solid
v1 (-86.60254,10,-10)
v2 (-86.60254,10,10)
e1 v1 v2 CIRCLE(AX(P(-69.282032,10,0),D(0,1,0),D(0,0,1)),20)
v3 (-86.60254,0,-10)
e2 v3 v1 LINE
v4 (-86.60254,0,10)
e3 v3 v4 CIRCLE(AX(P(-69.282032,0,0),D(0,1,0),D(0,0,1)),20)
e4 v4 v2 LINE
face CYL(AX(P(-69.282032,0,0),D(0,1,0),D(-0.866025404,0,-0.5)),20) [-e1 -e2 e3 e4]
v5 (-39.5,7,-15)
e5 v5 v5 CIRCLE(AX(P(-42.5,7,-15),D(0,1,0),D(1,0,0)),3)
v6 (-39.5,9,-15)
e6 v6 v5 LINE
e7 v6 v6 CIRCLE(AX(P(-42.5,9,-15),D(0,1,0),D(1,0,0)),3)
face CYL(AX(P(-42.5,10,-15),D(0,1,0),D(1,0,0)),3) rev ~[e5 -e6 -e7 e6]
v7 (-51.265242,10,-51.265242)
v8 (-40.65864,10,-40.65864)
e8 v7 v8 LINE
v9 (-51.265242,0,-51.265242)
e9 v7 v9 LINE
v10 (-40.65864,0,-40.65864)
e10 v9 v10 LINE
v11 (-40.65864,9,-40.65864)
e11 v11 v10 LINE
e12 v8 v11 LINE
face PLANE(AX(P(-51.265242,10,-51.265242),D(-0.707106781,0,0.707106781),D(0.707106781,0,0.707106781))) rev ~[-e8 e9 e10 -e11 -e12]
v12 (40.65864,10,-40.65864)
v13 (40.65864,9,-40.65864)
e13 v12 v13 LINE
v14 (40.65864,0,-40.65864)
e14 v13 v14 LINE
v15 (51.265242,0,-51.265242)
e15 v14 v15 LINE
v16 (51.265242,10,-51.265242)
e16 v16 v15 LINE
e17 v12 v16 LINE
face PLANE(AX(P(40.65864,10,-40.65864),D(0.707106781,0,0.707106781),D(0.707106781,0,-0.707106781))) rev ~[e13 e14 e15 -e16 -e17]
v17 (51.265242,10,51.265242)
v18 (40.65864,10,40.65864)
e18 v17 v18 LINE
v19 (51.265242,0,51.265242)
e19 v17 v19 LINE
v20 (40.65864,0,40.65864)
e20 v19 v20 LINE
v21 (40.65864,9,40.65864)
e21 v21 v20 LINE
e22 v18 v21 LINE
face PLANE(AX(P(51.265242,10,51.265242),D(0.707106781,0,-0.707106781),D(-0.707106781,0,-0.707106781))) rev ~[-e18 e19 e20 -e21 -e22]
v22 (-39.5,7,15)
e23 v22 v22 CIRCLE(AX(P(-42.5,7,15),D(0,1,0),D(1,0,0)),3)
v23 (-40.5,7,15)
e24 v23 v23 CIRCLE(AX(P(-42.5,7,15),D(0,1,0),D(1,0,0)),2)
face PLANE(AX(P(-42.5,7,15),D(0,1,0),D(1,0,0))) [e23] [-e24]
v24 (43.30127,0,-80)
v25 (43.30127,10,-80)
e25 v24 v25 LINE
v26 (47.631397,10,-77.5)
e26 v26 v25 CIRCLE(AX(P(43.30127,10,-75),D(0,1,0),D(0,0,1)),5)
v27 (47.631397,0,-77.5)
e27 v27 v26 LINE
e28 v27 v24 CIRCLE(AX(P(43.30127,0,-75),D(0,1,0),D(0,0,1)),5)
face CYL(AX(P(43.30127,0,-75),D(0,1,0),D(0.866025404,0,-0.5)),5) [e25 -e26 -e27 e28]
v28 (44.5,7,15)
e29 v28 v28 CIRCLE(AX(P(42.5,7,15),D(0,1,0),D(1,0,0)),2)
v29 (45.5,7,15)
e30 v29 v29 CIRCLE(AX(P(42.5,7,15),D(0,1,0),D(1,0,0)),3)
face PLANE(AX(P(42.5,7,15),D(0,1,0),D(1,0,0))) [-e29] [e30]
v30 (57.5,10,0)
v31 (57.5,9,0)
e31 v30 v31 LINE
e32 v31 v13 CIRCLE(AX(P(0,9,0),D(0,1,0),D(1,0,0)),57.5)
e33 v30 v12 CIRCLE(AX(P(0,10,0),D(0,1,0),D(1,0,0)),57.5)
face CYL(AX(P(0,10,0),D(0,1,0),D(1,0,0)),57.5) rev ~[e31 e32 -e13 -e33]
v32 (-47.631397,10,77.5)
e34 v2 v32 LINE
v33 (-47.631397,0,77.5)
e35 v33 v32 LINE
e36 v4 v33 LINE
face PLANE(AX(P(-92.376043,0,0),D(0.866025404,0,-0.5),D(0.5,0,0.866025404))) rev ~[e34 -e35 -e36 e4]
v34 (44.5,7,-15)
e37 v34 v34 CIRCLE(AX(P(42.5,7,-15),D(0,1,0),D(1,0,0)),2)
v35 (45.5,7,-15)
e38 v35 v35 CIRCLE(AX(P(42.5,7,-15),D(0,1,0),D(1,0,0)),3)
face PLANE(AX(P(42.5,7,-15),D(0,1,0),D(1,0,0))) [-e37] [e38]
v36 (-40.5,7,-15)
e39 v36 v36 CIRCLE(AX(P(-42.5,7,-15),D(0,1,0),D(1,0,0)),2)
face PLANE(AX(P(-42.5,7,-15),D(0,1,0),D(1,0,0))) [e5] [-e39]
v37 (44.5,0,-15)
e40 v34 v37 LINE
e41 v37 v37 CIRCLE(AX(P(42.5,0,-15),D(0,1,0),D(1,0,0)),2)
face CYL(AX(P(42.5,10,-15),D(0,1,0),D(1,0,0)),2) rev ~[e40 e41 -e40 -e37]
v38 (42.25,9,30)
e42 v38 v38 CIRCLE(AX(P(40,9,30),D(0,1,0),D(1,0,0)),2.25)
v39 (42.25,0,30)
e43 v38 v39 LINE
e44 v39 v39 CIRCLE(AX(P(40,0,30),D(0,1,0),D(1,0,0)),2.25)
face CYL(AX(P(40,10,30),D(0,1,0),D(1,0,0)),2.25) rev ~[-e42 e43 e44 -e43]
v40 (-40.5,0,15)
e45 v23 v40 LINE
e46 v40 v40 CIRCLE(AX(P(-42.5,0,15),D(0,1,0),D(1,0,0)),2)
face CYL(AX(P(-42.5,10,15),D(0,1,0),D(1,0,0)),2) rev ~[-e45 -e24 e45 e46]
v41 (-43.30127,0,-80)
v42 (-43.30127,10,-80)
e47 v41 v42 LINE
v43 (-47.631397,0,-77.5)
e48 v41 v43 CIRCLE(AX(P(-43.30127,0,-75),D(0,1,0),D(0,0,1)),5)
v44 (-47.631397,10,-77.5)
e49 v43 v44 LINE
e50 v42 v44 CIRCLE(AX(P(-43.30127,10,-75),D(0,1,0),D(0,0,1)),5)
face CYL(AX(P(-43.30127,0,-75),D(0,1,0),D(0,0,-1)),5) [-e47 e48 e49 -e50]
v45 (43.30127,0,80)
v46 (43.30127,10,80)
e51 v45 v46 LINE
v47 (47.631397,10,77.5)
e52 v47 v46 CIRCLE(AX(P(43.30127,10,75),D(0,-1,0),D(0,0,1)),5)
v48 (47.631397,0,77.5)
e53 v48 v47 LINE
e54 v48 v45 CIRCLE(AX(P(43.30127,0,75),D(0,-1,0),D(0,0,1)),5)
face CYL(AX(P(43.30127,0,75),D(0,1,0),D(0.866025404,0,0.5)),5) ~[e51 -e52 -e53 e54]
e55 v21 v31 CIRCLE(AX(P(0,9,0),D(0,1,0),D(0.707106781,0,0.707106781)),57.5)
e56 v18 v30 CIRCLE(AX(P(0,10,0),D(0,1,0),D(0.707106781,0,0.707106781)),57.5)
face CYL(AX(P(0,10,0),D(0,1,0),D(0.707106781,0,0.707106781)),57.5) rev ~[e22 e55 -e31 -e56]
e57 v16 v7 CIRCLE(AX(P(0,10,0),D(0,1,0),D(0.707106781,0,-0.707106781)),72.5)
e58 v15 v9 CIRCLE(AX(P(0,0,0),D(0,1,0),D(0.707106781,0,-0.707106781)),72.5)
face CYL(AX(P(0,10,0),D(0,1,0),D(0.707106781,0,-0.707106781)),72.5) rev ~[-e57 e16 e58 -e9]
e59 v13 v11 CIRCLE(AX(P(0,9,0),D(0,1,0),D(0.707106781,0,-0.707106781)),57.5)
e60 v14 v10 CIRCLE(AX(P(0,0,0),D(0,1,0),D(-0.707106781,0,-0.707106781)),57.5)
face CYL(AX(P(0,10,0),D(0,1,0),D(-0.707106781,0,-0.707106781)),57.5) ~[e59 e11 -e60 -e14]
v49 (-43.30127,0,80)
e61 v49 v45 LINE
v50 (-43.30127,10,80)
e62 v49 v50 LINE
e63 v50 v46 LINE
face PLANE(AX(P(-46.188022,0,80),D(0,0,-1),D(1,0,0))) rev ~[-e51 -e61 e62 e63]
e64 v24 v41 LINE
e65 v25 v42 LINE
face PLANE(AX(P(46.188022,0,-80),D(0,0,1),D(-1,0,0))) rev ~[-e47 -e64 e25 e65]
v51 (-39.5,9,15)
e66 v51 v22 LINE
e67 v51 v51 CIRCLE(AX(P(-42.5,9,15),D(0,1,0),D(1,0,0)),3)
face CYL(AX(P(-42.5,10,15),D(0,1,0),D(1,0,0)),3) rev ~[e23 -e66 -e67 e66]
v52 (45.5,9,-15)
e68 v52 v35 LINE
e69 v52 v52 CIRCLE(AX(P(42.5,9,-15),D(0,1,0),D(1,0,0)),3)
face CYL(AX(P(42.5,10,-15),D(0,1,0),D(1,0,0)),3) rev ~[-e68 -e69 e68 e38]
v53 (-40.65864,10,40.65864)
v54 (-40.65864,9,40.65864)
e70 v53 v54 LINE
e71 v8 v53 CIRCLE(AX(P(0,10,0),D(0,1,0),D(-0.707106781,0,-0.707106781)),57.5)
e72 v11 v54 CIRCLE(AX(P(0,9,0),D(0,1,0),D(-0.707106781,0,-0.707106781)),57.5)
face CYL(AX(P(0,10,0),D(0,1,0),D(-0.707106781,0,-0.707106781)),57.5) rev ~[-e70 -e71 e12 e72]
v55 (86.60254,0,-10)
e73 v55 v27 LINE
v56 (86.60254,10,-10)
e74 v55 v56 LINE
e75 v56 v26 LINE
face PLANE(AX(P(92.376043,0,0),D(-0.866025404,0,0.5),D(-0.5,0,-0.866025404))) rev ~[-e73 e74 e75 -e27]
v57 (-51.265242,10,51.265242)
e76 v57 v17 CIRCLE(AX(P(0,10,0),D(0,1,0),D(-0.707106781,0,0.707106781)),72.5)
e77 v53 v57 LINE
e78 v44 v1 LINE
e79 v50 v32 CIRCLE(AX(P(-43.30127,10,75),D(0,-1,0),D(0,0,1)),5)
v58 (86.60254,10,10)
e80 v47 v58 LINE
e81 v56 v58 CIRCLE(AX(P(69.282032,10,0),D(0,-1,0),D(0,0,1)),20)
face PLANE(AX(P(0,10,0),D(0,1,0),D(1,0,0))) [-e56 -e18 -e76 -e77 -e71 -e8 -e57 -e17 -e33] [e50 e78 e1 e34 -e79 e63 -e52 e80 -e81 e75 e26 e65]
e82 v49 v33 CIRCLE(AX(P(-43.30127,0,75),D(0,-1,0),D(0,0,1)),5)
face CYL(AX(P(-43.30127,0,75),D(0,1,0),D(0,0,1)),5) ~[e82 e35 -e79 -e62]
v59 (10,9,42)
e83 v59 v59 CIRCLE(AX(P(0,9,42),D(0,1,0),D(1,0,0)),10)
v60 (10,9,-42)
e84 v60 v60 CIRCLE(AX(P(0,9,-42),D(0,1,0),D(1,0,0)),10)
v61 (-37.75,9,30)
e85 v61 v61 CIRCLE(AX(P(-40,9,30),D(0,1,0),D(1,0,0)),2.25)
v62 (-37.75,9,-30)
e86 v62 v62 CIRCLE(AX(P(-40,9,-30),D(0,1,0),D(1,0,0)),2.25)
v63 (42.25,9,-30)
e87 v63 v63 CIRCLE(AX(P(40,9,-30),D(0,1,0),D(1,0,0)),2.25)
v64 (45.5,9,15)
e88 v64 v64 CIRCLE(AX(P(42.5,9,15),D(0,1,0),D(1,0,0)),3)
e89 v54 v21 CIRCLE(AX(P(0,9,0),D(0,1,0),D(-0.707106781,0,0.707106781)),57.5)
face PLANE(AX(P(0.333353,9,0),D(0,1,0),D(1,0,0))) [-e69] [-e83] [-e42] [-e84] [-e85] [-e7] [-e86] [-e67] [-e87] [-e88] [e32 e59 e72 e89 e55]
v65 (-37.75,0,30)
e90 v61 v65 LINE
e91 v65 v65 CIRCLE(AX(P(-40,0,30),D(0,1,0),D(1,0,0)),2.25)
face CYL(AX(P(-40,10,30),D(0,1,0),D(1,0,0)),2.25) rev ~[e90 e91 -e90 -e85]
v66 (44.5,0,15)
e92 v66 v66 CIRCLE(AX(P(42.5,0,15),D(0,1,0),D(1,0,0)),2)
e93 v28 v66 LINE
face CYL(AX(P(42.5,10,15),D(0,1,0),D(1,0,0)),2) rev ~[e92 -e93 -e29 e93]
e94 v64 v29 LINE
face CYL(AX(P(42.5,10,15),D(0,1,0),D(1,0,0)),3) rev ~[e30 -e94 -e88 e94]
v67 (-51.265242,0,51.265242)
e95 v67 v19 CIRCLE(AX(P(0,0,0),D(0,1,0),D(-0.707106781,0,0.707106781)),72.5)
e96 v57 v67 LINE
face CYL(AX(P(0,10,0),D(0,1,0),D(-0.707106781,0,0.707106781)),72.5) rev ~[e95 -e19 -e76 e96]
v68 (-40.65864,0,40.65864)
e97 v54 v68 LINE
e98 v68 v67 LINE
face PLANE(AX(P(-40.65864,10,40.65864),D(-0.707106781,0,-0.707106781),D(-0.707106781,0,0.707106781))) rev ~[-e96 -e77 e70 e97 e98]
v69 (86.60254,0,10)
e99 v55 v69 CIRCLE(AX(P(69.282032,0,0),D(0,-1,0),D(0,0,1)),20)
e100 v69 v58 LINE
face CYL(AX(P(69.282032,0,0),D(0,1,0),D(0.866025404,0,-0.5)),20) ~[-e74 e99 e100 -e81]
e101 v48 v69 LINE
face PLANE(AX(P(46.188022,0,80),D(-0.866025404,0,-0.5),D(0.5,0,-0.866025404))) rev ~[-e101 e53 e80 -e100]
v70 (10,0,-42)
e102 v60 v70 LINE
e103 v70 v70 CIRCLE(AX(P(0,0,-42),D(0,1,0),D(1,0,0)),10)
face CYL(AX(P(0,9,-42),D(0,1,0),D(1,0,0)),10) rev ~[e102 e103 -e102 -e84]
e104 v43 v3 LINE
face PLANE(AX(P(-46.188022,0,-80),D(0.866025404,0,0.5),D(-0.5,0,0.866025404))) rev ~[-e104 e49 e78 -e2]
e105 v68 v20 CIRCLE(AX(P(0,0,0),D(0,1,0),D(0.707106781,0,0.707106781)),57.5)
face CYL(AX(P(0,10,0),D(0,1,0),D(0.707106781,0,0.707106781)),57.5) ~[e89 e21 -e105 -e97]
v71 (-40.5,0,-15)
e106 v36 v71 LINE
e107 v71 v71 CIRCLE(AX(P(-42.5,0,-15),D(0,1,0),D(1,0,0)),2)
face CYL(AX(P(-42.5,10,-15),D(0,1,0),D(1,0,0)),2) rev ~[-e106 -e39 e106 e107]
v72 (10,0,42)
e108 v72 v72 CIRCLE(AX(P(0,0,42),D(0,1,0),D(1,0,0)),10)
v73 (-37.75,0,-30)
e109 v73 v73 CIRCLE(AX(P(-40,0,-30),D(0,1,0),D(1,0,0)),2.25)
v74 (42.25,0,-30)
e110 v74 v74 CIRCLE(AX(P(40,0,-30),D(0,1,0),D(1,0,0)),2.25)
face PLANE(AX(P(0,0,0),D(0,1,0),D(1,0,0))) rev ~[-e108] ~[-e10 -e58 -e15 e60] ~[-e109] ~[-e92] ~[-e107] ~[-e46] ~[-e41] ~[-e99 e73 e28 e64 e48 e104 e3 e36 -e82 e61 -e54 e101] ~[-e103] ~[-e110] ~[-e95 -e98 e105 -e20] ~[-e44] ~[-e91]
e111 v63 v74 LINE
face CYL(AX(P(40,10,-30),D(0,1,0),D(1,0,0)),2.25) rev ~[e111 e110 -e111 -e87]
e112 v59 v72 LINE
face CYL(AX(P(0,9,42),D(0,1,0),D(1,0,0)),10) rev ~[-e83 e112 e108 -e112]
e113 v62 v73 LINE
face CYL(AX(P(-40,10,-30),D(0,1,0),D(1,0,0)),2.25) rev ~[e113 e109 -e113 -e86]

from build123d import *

# Parameters (mm, degrees)
BOSS_EXTRUDE1_DEPTH = 10
SKETCH8_R           = 2
CUT_EXTRUDE10_DEPTH = 21
SKETCH10_R          = 3
CUT_EXTRUDE11_DEPTH = 3
SKETCH11_R          = 2.25
CUT_EXTRUDE12_DEPTH = 12
SKETCH20_R          = 2.25
SKETCH20_R_2        = 3
CUT_EXTRUDE20_DEPTH = 1
CUT_EXTRUDE23_DEPTH = 153
SKETCH27_R          = 10
CUT_EXTRUDE24_DEPTH = 153
FILLET8_R           = 20
FILLET9_R           = 5


with BuildPart() as part:
    # Sketch1 → Boss-Extrude1 (new body)
    with BuildSketch(Plane(origin=(0, 0, 0), x_dir=(1, 0, 0), z_dir=(0, 1, 0))):
        Polygon((92.37604307, 0), (46.188021535, 80), (-46.188021535, 80), (-92.37604307, 0), (-46.188021535, -80), (46.188021535, -80), align=None)
    extrude(amount=BOSS_EXTRUDE1_DEPTH)

    # Sketch8 → Cut-Extrude10 (cut)
    with BuildSketch(Plane(origin=(0, 10, 0), x_dir=(1, 0, 0), z_dir=(0, 1, 0))):
        with Locations((-42.5, 15)):
            Circle(SKETCH8_R)
        with Locations((-42.5, -15)):
            Circle(SKETCH8_R)
        with Locations((42.5, 15)):
            Circle(SKETCH8_R)
        with Locations((42.5, -15)):
            Circle(SKETCH8_R)
    extrude(amount=-CUT_EXTRUDE10_DEPTH, mode=Mode.SUBTRACT)

    # Sketch10 → Cut-Extrude11 (cut)
    with BuildSketch(Plane(origin=(0, 10, 0), x_dir=(1, 0, 0), z_dir=(0, 1, 0))):
        with Locations((-42.5, 15)):
            Circle(SKETCH10_R)
        with Locations((-42.5, -15)):
            Circle(SKETCH10_R)
        with Locations((42.5, 15)):
            Circle(SKETCH10_R)
        with Locations((42.5, -15)):
            Circle(SKETCH10_R)
    extrude(amount=-CUT_EXTRUDE11_DEPTH, mode=Mode.SUBTRACT)

    # Sketch11 → Cut-Extrude12 (cut)
    with BuildSketch(Plane(origin=(0, 10, 0), x_dir=(1, 0, 0), z_dir=(0, 1, 0))):
        with Locations((-40, 30)):
            Circle(SKETCH11_R)
        with Locations((-40, -30)):
            Circle(SKETCH11_R)
        with Locations((40, -30)):
            Circle(SKETCH11_R)
        with Locations((40, 30)):
            Circle(SKETCH11_R)
    extrude(amount=-CUT_EXTRUDE12_DEPTH, mode=Mode.SUBTRACT)

    # Sketch20 → Cut-Extrude20 (cut)
    with BuildSketch(Plane(origin=(0, 10, 0), x_dir=(1, 0, 0), z_dir=(0, 1, 0))):
        with BuildLine():
            ThreePointArc((40.658639918, 40.658639918), (0, 57.5), (-40.658639918, 40.658639918))
            ThreePointArc((-40.658639918, 40.658639918), (-57.5, 0), (-40.658639918, -40.658639918))
            ThreePointArc((-40.658639918, -40.658639918), (0, -57.5), (40.658639918, -40.658639918))
            ThreePointArc((40.658639918, -40.658639918), (53.123073119, -22.004297361), (57.5, 0))
            ThreePointArc((57.5, 0), (53.123073119, 22.004297361), (40.658639918, 40.658639918))
        make_face()
        with Locations((-40, -30)):
            Circle(SKETCH20_R, mode=Mode.SUBTRACT)
        with Locations((-42.5, -15)):
            Circle(SKETCH20_R_2, mode=Mode.SUBTRACT)
        with Locations((40, -30)):
            Circle(SKETCH20_R, mode=Mode.SUBTRACT)
        with Locations((42.5, -15)):
            Circle(SKETCH20_R_2, mode=Mode.SUBTRACT)
        with Locations((-42.5, 15)):
            Circle(SKETCH20_R_2, mode=Mode.SUBTRACT)
        with Locations((-40, 30)):
            Circle(SKETCH20_R, mode=Mode.SUBTRACT)
        with Locations((42.5, 15)):
            Circle(SKETCH20_R_2, mode=Mode.SUBTRACT)
        with Locations((40, 30)):
            Circle(SKETCH20_R, mode=Mode.SUBTRACT)
    extrude(amount=-CUT_EXTRUDE20_DEPTH, mode=Mode.SUBTRACT)

    # Sketch20<7> → Cut-Extrude23 (cut)
    with BuildSketch(Plane(origin=(0, 10, 0), x_dir=(1, 0, 0), z_dir=(0, 1, 0))):
        with BuildLine():
            Line((-51.265241636, 51.265241636), (-40.658639918, 40.658639918))
            ThreePointArc((-40.658639918, 40.658639918), (0, 57.5), (40.658639918, 40.658639918))
            Line((40.658639918, 40.658639918), (51.265241636, 51.265241636))
            ThreePointArc((51.265241636, 51.265241636), (0, 72.5), (-51.265241636, 51.265241636))
        make_face()
        with BuildLine():
            ThreePointArc((40.658639918, -40.658639918), (0, -57.5), (-40.658639918, -40.658639918))
            Line((-40.658639918, -40.658639918), (-51.265241636, -51.265241636))
            ThreePointArc((-51.265241636, -51.265241636), (0, -72.5), (51.265241636, -51.265241636))
            Line((51.265241636, -51.265241636), (40.658639918, -40.658639918))
        make_face()
    extrude(amount=-CUT_EXTRUDE23_DEPTH, mode=Mode.SUBTRACT)

    # Sketch27 → Cut-Extrude24 (cut)
    with BuildSketch(Plane(origin=(0, 9, 0), x_dir=(1, 0, 0), z_dir=(0, 1, 0))):
        with Locations((0, -42)):
            Circle(SKETCH27_R)
        with Locations((0, 42)):
            Circle(SKETCH27_R)
    extrude(amount=-CUT_EXTRUDE24_DEPTH, mode=Mode.SUBTRACT)

    # Fillet8
    fillet8_edges = [part.edges().sort_by_distance(p)[0] for p in [
        (-92.37604307, 5, 0),
        (92.37604307, 5, 0),
    ]]
    fillet(fillet8_edges, radius=FILLET8_R)

    # Fillet9
    fillet9_edges = [part.edges().sort_by_distance(p)[0] for p in [
        (-46.188021535, 5, 80),
        (46.188021535, 5, 80),
        (-46.188021535, 5, -80),
        (46.188021535, 5, -80),
    ]]
    fillet(fillet9_edges, radius=FILLET9_R)


solid = part.part
